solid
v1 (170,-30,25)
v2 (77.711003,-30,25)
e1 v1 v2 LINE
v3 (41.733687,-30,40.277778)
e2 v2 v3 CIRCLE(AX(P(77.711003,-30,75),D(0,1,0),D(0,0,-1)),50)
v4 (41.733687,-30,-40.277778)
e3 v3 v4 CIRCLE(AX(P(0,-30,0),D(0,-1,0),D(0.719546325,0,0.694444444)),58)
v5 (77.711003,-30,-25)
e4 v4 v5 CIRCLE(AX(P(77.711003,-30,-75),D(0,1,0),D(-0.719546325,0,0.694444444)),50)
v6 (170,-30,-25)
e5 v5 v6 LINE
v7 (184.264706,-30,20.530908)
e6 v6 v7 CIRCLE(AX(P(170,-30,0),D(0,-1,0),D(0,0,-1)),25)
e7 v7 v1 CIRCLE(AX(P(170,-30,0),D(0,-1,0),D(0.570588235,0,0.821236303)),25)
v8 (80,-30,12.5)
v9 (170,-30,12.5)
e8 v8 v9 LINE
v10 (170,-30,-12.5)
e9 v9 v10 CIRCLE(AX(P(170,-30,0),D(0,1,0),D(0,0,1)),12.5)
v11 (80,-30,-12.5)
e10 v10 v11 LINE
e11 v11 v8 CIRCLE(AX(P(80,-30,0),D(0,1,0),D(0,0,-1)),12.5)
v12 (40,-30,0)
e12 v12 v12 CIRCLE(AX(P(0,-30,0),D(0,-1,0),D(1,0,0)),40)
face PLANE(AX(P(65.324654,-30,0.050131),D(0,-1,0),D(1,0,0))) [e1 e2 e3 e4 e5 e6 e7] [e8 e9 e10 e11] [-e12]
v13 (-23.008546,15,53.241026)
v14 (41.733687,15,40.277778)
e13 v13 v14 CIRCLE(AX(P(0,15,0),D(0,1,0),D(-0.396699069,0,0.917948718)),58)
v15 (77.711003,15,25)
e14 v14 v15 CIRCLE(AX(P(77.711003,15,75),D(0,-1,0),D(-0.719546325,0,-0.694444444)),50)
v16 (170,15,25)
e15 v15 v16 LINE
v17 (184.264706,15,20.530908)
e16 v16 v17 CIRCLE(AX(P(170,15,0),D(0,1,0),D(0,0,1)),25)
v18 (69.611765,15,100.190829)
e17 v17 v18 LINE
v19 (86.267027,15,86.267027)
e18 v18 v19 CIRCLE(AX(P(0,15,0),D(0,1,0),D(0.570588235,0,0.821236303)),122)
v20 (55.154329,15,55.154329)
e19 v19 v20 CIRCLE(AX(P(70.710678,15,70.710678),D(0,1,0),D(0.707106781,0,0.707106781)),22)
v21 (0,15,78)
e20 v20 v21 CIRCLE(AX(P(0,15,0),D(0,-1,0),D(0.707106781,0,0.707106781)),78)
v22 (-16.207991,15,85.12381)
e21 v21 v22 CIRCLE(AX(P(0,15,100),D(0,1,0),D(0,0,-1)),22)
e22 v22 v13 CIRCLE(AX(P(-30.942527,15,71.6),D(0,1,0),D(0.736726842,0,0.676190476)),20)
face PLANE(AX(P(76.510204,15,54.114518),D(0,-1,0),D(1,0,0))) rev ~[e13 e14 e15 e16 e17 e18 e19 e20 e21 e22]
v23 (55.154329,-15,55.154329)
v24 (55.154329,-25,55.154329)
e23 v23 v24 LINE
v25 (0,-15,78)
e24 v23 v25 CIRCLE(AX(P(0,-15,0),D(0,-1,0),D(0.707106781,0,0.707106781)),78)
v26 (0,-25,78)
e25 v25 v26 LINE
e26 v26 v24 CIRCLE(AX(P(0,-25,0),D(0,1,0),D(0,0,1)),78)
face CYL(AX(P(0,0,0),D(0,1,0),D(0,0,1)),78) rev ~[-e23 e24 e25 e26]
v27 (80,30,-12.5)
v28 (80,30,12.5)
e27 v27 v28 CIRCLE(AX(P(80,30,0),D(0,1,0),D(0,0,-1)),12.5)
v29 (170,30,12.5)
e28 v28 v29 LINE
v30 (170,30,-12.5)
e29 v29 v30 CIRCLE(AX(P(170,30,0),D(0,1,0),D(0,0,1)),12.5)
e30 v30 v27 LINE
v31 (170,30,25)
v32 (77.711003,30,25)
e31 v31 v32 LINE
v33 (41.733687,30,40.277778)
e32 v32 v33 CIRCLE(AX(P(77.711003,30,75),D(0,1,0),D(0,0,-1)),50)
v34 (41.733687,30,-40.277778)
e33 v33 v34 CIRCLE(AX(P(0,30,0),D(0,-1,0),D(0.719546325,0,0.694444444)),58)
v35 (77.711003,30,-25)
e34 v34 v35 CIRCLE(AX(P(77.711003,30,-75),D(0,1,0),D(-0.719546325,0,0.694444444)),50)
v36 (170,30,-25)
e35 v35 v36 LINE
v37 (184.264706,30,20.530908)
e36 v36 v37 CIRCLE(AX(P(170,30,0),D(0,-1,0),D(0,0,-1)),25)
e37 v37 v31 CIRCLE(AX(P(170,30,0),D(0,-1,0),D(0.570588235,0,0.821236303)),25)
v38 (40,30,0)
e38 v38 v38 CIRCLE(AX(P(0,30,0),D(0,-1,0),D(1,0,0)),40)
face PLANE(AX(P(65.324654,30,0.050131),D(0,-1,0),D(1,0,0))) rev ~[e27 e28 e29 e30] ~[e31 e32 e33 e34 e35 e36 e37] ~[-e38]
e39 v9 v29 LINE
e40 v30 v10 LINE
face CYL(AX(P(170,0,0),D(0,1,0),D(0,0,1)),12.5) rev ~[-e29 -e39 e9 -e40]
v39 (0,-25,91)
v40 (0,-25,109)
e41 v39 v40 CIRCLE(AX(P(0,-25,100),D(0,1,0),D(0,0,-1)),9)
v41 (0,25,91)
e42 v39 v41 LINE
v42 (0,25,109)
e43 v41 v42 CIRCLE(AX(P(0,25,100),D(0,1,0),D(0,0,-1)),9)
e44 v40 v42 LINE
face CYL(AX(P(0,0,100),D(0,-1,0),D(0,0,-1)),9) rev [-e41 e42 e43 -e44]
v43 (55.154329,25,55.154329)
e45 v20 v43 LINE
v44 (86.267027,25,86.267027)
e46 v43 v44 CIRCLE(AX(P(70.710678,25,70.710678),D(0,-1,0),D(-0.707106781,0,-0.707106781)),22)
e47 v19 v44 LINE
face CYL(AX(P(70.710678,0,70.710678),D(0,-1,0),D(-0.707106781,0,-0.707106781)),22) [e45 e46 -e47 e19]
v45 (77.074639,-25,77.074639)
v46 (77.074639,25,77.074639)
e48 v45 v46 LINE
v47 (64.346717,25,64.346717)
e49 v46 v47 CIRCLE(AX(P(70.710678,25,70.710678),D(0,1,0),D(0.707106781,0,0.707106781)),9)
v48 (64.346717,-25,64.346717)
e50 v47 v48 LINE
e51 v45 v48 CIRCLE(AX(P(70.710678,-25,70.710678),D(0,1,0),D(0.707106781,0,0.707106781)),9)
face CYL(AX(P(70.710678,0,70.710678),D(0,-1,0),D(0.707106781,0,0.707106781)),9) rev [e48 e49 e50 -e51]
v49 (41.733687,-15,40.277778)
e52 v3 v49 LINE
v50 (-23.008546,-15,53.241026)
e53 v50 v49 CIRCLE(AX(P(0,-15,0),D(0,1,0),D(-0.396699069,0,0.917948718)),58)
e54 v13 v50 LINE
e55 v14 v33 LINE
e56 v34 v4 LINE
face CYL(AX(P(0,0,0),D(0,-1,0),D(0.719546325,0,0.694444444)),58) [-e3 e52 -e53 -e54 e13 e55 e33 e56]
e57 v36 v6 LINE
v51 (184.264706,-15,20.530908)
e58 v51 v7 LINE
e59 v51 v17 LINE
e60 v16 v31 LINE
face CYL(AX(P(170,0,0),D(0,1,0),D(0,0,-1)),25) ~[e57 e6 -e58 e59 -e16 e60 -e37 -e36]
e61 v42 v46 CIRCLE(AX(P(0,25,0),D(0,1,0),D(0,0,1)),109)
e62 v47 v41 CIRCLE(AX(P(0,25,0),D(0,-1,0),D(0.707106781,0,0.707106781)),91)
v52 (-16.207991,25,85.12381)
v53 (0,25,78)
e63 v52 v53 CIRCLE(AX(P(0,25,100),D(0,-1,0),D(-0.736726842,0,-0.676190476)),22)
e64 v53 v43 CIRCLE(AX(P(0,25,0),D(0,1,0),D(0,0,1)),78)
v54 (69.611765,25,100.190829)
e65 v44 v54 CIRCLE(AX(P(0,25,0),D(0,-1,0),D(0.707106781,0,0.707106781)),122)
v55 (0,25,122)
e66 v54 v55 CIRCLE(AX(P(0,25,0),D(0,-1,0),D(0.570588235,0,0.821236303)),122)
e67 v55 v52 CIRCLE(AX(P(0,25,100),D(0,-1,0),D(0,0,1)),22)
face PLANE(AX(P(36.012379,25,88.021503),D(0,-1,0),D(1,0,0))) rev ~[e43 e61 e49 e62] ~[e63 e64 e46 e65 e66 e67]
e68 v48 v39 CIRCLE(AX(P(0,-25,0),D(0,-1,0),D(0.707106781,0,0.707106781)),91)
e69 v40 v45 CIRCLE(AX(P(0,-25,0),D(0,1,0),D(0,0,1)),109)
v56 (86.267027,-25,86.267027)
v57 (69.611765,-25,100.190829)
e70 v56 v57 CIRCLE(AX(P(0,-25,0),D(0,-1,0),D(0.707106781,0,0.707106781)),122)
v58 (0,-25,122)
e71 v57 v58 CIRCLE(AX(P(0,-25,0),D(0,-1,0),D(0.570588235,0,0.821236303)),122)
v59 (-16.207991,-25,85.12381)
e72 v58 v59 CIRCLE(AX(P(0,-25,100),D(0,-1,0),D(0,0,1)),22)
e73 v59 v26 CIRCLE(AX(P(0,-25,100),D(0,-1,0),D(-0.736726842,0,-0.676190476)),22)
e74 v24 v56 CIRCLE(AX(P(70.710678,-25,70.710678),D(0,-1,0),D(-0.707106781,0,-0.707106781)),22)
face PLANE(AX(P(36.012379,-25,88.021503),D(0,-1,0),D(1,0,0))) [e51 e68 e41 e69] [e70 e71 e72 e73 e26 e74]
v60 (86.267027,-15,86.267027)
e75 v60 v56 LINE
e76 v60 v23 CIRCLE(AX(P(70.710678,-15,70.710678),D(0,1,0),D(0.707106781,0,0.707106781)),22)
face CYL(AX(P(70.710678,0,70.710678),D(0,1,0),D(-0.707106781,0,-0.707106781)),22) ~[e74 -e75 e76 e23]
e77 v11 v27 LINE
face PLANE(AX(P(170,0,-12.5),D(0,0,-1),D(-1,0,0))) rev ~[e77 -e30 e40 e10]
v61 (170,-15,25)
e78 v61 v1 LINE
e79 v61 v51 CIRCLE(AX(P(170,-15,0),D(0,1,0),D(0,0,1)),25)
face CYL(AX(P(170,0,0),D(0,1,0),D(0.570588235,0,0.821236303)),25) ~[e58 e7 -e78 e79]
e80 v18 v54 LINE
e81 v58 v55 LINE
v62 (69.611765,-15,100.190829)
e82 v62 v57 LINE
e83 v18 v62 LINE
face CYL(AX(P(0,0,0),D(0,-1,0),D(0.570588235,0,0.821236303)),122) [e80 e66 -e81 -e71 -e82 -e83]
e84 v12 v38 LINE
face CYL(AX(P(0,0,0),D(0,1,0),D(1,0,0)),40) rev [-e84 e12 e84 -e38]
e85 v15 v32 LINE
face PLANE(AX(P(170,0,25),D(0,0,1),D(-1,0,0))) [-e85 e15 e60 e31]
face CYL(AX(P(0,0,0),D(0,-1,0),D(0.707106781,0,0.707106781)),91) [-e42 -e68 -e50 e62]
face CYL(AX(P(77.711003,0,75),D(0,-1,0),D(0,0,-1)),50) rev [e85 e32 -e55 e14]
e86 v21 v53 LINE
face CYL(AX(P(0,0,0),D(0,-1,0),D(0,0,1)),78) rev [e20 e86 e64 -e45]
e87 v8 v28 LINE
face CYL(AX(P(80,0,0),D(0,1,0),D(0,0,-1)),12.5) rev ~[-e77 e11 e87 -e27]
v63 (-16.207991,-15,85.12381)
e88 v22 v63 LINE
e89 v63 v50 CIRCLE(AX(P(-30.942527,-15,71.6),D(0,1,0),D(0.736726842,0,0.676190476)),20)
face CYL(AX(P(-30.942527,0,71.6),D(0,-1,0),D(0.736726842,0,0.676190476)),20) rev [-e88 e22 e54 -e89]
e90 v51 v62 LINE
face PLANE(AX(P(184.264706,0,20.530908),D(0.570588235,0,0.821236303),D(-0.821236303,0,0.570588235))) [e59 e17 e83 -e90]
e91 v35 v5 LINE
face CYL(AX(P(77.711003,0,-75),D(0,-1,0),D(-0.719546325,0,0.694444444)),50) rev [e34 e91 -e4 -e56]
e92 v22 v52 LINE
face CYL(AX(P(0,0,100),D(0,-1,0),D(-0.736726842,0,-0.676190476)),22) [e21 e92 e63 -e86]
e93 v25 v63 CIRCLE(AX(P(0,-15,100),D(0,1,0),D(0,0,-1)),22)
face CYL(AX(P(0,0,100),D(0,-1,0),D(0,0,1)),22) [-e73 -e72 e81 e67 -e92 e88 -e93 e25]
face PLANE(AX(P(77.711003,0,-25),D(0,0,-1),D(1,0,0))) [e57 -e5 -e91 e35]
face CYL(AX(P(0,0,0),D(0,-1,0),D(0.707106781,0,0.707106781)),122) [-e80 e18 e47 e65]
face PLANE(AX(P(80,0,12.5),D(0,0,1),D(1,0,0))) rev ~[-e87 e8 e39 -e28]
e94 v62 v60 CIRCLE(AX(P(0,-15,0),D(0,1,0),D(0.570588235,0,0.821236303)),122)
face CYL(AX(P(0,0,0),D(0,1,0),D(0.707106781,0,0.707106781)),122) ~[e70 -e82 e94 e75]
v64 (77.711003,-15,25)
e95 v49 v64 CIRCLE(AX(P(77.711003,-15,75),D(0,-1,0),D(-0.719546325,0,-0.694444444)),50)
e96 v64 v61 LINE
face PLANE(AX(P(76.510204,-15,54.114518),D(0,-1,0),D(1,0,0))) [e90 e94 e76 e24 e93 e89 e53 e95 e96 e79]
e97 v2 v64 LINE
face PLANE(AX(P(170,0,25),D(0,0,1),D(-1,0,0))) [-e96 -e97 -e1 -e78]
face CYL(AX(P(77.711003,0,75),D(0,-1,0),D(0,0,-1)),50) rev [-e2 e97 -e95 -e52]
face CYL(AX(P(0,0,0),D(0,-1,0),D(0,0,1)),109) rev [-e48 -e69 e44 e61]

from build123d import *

# Parameters (mm, degrees)
F1_DEPTH = 15
F0_R     = 40
F2_DEPTH = 30
F3_DEPTH = 25
F4_DEPTH = 25


with BuildPart() as f1:
    # F0 (on Front) → F1 (new body, symmetric)
    with BuildSketch(Plane.XZ):
        with BuildLine():
            ThreePointArc((55.1543289326, 55.1543289326), (29.8493077245, 72.0626035359), (0, 78))
            ThreePointArc((0, 78), (-8.8522259778, 79.8595408384), (-16.2079905268, 85.1238095238))
            ThreePointArc((-16.2079905268, 85.1238095238), (-11.3825323132, 67.4278790278), (-23.0085459926, 53.241025641))
            ThreePointArc((-23.0085459926, 53.241025641), (11.3872373178, 56.8711774651), (41.7336868403, 40.2777777778))
            ThreePointArc((41.7336868403, 40.2777777778), (58.1676040827, 28.9776624284), (77.7110030819, 25))
            Line((77.7110030819, 25), (170, 25))
            ThreePointArc((170, 25), (177.4741993043, 23.8565786474), (184.2647058824, 20.5309075808))
            Line((184.2647058824, 20.5309075808), (69.6117647059, 100.1908289941))
            ThreePointArc((69.6117647059, 100.1908289941), (78.2497125429, 93.6001201225), (86.2670273048, 86.2670273048))
            ThreePointArc((86.2670273048, 86.2670273048), (86.2670273048, 55.1543289326), (55.1543289326, 55.1543289326))
        make_face()
    extrude(amount=F1_DEPTH, both=True)

    # F0 (on Front) → F2 (join, symmetric)
    with BuildSketch(Plane.XZ):
        with BuildLine():
            ThreePointArc((41.7336868403, 40.2777777778), (11.3872373178, 56.8711774651), (-23.0085459926, 53.241025641))
            ThreePointArc((-23.0085459926, 53.241025641), (-47.6875180017, -33.013643041), (41.7336868403, -40.2777777778))
            ThreePointArc((41.7336868403, -40.2777777778), (58.1676040827, -28.9776624284), (77.7110030819, -25))
            Line((77.7110030819, -25), (170, -25))
            ThreePointArc((170, -25), (193.8565786474, -7.4741993043), (184.2647058824, 20.5309075808))
            ThreePointArc((184.2647058824, 20.5309075808), (177.4741993043, 23.8565786474), (170, 25))
            Line((170, 25), (77.7110030819, 25))
            ThreePointArc((77.7110030819, 25), (58.1676040827, 28.9776624284), (41.7336868403, 40.2777777778))
        make_face()
        Circle(F0_R, mode=Mode.SUBTRACT)
        with BuildLine():
            Line((170, -12.5), (80, -12.5))
            ThreePointArc((80, -12.5), (67.5, 0), (80, 12.5))
            Line((80, 12.5), (170, 12.5))
            ThreePointArc((170, 12.5), (182.5, 0), (170, -12.5))
        make_face(mode=Mode.SUBTRACT)
    extrude(amount=F2_DEPTH, both=True)

    # F0 (on Front) → F3 (join, symmetric)
    with BuildSketch(Plane.XZ):
        with BuildLine():
            ThreePointArc((-16.2079905268, 85.1238095238), (-8.8522259778, 79.8595408384), (0, 78))
            ThreePointArc((0, 78), (29.8493077245, 72.0626035359), (55.1543289326, 55.1543289326))
            ThreePointArc((55.1543289326, 55.1543289326), (86.2670273048, 55.1543289326), (86.2670273048, 86.2670273048))
            ThreePointArc((86.2670273048, 86.2670273048), (78.2497125429, 93.6001201225), (69.6117647059, 100.1908289941))
            ThreePointArc((69.6117647059, 100.1908289941), (36.474092605, 116.4201037993), (0, 122))
            ThreePointArc((0, 122), (-20.1404591616, 108.8522259778), (-16.2079905268, 85.1238095238))
        make_face()
        with BuildLine():
            ThreePointArc((64.346717088, 64.346717088), (34.8241923452, 84.0730374585), (0, 91))
            ThreePointArc((0, 91), (-9, 100), (0, 109))
            ThreePointArc((0, 109), (41.7124941278, 100.7028690437), (77.0746391493, 77.0746391493))
            ThreePointArc((77.0746391493, 77.0746391493), (77.0746391493, 64.346717088), (64.346717088, 64.346717088))
        make_face(mode=Mode.SUBTRACT)
    extrude(amount=F3_DEPTH, both=True)

    # F0 (on Front) → F4 (join, symmetric)
    with BuildSketch(Plane.XZ):
        with BuildLine():
            ThreePointArc((-16.2079905268, 85.1238095238), (-8.8522259778, 79.8595408384), (0, 78))
            ThreePointArc((0, 78), (29.8493077245, 72.0626035359), (55.1543289326, 55.1543289326))
            ThreePointArc((55.1543289326, 55.1543289326), (86.2670273048, 55.1543289326), (86.2670273048, 86.2670273048))
            ThreePointArc((86.2670273048, 86.2670273048), (78.2497125429, 93.6001201225), (69.6117647059, 100.1908289941))
            ThreePointArc((69.6117647059, 100.1908289941), (36.474092605, 116.4201037993), (0, 122))
            ThreePointArc((0, 122), (-20.1404591616, 108.8522259778), (-16.2079905268, 85.1238095238))
        make_face()
        with BuildLine():
            ThreePointArc((64.346717088, 64.346717088), (34.8241923452, 84.0730374585), (0, 91))
            ThreePointArc((0, 91), (-9, 100), (0, 109))
            ThreePointArc((0, 109), (41.7124941278, 100.7028690437), (77.0746391493, 77.0746391493))
            ThreePointArc((77.0746391493, 77.0746391493), (77.0746391493, 64.346717088), (64.346717088, 64.346717088))
        make_face(mode=Mode.SUBTRACT)
    extrude(amount=F4_DEPTH, both=True)


solid = f1.part
